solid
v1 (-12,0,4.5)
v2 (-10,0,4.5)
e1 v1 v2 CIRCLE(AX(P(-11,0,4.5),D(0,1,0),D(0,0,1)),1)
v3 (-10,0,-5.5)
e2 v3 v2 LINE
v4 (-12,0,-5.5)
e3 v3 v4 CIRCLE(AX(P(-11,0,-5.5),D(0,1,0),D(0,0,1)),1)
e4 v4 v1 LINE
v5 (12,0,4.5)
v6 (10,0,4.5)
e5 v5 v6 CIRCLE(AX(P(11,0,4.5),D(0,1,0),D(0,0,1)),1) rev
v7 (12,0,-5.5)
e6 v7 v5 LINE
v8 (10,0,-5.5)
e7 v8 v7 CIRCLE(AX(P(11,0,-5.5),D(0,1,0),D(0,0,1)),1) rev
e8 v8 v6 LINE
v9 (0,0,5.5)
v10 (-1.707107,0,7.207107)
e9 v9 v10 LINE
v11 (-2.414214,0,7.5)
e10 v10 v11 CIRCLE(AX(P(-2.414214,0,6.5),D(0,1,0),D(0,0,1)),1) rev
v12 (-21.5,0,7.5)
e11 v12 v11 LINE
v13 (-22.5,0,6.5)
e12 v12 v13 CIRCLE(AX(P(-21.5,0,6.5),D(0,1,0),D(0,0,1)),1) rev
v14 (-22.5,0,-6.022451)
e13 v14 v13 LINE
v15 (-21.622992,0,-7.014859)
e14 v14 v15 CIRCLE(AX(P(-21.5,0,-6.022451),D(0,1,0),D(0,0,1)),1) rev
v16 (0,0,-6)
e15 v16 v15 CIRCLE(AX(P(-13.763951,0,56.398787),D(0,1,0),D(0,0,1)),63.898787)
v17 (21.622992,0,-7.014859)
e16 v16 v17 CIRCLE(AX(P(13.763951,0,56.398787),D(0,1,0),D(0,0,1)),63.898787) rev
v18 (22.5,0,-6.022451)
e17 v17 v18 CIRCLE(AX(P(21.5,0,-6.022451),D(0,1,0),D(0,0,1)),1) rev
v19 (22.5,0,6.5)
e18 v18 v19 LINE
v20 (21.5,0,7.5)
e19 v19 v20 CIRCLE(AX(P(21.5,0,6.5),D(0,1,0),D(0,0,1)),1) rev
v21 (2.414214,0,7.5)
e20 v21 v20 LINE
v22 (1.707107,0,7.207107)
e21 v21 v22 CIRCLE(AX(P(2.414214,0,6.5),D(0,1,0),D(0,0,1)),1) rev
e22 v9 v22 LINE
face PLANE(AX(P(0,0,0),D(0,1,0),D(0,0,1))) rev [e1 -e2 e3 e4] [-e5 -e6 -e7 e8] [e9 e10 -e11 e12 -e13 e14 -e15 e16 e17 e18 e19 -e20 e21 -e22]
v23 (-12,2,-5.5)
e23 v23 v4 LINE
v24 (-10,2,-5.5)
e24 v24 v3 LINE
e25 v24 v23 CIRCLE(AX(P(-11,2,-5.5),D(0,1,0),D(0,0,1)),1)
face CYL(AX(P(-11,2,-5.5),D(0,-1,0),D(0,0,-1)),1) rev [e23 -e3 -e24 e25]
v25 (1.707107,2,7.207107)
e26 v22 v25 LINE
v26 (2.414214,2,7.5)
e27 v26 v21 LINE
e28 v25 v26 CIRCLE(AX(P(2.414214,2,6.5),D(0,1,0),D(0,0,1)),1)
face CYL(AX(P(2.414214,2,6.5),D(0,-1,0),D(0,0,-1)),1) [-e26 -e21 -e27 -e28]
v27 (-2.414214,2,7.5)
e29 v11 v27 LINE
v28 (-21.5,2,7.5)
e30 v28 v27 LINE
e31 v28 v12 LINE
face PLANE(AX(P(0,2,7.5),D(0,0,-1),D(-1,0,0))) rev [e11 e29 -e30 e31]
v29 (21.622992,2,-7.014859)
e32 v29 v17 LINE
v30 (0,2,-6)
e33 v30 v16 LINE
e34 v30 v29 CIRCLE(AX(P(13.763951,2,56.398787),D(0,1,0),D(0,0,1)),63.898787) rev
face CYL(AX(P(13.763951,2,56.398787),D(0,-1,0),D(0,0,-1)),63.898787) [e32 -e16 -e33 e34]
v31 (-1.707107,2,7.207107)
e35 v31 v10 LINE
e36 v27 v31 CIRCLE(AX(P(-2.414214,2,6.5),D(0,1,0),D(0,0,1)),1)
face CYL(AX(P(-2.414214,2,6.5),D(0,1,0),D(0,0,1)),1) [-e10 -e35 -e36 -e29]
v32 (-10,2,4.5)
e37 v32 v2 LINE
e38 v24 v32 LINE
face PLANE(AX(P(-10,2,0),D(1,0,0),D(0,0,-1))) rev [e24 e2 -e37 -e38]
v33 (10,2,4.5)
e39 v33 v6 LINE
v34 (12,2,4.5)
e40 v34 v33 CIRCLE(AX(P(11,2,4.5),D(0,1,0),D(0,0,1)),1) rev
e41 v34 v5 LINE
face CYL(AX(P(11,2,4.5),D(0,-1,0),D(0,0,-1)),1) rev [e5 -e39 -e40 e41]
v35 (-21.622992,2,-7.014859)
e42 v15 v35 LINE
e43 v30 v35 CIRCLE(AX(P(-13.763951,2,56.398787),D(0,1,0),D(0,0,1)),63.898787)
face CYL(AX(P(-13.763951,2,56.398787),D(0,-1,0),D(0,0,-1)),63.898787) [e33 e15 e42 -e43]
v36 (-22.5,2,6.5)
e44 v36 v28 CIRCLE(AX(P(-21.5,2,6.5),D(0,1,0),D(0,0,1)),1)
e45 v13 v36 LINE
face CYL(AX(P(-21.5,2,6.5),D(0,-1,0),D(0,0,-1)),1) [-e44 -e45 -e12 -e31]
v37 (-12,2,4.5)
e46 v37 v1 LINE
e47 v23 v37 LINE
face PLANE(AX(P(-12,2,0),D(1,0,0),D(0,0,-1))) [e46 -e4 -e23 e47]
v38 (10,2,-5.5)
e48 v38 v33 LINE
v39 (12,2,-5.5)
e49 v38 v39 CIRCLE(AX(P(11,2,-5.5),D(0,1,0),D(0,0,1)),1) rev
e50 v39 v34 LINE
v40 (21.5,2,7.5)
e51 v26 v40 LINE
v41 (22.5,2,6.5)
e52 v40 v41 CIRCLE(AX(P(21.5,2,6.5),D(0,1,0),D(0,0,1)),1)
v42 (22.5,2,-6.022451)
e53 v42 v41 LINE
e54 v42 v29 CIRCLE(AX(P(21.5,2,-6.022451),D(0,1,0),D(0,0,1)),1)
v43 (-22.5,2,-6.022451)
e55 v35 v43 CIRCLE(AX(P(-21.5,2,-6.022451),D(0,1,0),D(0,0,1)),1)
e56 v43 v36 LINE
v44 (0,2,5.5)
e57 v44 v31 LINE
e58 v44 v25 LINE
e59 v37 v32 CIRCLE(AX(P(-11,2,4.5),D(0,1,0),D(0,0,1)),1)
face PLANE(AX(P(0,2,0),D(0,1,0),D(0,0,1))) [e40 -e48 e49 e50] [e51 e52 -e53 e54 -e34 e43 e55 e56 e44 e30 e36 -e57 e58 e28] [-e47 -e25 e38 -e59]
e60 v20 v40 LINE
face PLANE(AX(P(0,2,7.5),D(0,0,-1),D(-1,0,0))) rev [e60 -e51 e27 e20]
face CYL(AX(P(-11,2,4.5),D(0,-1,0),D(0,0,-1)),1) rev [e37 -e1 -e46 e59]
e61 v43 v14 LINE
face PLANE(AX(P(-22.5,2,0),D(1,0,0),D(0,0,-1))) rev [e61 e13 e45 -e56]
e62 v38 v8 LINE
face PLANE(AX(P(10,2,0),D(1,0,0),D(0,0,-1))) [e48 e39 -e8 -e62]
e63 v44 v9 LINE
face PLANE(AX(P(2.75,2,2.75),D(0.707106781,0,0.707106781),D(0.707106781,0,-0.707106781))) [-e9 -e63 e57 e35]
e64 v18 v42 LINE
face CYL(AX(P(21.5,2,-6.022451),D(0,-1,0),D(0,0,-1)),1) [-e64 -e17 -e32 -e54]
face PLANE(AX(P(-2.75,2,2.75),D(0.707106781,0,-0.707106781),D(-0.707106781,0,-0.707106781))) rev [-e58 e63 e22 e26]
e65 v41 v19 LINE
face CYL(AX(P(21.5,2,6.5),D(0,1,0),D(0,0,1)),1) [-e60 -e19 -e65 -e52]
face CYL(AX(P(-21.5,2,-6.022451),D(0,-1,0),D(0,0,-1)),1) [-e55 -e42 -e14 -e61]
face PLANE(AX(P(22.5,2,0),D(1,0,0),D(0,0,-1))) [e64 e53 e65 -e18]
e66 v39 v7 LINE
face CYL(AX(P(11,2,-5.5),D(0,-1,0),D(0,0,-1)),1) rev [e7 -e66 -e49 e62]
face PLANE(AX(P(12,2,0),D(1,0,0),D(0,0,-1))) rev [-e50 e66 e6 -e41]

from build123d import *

# Parameters (mm, degrees)
RESSALTO_EXTRUS_O1_DEPTH = 2
FILETE1_R                = 1


with BuildPart() as part:
    # Esboço1 → Ressalto-extrusão1 (new body)
    with BuildSketch(Plane(origin=(0, 0, 0), x_dir=(1, 0, 0), z_dir=(0, 1, 0))):
        with BuildLine():
            ThreePointArc((0, 6), (-6.841228784, 7.123893127), (-13.763951561, 7.5))
            ThreePointArc((-13.763951561, 7.5), (-18.1422658, 7.349823523), (-22.5, 6.9))
            Line((-22.5, 6.9), (-22.5, -7.5))
            Line((-22.5, -7.5), (-2, -7.5))
            Line((-2, -7.5), (0, -5.5))
            Line((0, -5.5), (2, -7.5))
            Line((2, -7.5), (22.5, -7.5))
            Line((22.5, -7.5), (22.5, 6.9))
            ThreePointArc((22.5, 6.9), (18.1422658, 7.349823523), (13.763951559, 7.5))
            ThreePointArc((13.763951559, 7.5), (6.841228783, 7.123893127), (0, 6))
        make_face()
        with BuildLine():
            ThreePointArc((-12, 5.5), (-11, 6.5), (-10, 5.5))
            Line((-10, 5.5), (-10, -4.5))
            ThreePointArc((-10, -4.5), (-11, -5.5), (-12, -4.5))
            Line((-12, -4.5), (-12, 5.5))
        make_face(mode=Mode.SUBTRACT)
        with BuildLine():
            Line((10, -4.5), (10, 5.5))
            ThreePointArc((10, 5.5), (11, 6.5), (12, 5.5))
            Line((12, 5.5), (12, -4.5))
            ThreePointArc((12, -4.5), (11, -5.5), (10, -4.5))
        make_face(mode=Mode.SUBTRACT)
    extrude(amount=RESSALTO_EXTRUS_O1_DEPTH)

    # Filete1
    filete1_edges = [part.edges().sort_by_distance(p)[0] for p in [
        (22.5, 1, -6.9),
        (22.5, 1, 7.5),
        (2, 1, 7.5),
        (-2, 1, 7.5),
        (-22.5, 1, 7.5),
        (-22.5, 1, -6.9),
    ]]
    fillet(filete1_edges, radius=FILETE1_R)


solid = part.part
